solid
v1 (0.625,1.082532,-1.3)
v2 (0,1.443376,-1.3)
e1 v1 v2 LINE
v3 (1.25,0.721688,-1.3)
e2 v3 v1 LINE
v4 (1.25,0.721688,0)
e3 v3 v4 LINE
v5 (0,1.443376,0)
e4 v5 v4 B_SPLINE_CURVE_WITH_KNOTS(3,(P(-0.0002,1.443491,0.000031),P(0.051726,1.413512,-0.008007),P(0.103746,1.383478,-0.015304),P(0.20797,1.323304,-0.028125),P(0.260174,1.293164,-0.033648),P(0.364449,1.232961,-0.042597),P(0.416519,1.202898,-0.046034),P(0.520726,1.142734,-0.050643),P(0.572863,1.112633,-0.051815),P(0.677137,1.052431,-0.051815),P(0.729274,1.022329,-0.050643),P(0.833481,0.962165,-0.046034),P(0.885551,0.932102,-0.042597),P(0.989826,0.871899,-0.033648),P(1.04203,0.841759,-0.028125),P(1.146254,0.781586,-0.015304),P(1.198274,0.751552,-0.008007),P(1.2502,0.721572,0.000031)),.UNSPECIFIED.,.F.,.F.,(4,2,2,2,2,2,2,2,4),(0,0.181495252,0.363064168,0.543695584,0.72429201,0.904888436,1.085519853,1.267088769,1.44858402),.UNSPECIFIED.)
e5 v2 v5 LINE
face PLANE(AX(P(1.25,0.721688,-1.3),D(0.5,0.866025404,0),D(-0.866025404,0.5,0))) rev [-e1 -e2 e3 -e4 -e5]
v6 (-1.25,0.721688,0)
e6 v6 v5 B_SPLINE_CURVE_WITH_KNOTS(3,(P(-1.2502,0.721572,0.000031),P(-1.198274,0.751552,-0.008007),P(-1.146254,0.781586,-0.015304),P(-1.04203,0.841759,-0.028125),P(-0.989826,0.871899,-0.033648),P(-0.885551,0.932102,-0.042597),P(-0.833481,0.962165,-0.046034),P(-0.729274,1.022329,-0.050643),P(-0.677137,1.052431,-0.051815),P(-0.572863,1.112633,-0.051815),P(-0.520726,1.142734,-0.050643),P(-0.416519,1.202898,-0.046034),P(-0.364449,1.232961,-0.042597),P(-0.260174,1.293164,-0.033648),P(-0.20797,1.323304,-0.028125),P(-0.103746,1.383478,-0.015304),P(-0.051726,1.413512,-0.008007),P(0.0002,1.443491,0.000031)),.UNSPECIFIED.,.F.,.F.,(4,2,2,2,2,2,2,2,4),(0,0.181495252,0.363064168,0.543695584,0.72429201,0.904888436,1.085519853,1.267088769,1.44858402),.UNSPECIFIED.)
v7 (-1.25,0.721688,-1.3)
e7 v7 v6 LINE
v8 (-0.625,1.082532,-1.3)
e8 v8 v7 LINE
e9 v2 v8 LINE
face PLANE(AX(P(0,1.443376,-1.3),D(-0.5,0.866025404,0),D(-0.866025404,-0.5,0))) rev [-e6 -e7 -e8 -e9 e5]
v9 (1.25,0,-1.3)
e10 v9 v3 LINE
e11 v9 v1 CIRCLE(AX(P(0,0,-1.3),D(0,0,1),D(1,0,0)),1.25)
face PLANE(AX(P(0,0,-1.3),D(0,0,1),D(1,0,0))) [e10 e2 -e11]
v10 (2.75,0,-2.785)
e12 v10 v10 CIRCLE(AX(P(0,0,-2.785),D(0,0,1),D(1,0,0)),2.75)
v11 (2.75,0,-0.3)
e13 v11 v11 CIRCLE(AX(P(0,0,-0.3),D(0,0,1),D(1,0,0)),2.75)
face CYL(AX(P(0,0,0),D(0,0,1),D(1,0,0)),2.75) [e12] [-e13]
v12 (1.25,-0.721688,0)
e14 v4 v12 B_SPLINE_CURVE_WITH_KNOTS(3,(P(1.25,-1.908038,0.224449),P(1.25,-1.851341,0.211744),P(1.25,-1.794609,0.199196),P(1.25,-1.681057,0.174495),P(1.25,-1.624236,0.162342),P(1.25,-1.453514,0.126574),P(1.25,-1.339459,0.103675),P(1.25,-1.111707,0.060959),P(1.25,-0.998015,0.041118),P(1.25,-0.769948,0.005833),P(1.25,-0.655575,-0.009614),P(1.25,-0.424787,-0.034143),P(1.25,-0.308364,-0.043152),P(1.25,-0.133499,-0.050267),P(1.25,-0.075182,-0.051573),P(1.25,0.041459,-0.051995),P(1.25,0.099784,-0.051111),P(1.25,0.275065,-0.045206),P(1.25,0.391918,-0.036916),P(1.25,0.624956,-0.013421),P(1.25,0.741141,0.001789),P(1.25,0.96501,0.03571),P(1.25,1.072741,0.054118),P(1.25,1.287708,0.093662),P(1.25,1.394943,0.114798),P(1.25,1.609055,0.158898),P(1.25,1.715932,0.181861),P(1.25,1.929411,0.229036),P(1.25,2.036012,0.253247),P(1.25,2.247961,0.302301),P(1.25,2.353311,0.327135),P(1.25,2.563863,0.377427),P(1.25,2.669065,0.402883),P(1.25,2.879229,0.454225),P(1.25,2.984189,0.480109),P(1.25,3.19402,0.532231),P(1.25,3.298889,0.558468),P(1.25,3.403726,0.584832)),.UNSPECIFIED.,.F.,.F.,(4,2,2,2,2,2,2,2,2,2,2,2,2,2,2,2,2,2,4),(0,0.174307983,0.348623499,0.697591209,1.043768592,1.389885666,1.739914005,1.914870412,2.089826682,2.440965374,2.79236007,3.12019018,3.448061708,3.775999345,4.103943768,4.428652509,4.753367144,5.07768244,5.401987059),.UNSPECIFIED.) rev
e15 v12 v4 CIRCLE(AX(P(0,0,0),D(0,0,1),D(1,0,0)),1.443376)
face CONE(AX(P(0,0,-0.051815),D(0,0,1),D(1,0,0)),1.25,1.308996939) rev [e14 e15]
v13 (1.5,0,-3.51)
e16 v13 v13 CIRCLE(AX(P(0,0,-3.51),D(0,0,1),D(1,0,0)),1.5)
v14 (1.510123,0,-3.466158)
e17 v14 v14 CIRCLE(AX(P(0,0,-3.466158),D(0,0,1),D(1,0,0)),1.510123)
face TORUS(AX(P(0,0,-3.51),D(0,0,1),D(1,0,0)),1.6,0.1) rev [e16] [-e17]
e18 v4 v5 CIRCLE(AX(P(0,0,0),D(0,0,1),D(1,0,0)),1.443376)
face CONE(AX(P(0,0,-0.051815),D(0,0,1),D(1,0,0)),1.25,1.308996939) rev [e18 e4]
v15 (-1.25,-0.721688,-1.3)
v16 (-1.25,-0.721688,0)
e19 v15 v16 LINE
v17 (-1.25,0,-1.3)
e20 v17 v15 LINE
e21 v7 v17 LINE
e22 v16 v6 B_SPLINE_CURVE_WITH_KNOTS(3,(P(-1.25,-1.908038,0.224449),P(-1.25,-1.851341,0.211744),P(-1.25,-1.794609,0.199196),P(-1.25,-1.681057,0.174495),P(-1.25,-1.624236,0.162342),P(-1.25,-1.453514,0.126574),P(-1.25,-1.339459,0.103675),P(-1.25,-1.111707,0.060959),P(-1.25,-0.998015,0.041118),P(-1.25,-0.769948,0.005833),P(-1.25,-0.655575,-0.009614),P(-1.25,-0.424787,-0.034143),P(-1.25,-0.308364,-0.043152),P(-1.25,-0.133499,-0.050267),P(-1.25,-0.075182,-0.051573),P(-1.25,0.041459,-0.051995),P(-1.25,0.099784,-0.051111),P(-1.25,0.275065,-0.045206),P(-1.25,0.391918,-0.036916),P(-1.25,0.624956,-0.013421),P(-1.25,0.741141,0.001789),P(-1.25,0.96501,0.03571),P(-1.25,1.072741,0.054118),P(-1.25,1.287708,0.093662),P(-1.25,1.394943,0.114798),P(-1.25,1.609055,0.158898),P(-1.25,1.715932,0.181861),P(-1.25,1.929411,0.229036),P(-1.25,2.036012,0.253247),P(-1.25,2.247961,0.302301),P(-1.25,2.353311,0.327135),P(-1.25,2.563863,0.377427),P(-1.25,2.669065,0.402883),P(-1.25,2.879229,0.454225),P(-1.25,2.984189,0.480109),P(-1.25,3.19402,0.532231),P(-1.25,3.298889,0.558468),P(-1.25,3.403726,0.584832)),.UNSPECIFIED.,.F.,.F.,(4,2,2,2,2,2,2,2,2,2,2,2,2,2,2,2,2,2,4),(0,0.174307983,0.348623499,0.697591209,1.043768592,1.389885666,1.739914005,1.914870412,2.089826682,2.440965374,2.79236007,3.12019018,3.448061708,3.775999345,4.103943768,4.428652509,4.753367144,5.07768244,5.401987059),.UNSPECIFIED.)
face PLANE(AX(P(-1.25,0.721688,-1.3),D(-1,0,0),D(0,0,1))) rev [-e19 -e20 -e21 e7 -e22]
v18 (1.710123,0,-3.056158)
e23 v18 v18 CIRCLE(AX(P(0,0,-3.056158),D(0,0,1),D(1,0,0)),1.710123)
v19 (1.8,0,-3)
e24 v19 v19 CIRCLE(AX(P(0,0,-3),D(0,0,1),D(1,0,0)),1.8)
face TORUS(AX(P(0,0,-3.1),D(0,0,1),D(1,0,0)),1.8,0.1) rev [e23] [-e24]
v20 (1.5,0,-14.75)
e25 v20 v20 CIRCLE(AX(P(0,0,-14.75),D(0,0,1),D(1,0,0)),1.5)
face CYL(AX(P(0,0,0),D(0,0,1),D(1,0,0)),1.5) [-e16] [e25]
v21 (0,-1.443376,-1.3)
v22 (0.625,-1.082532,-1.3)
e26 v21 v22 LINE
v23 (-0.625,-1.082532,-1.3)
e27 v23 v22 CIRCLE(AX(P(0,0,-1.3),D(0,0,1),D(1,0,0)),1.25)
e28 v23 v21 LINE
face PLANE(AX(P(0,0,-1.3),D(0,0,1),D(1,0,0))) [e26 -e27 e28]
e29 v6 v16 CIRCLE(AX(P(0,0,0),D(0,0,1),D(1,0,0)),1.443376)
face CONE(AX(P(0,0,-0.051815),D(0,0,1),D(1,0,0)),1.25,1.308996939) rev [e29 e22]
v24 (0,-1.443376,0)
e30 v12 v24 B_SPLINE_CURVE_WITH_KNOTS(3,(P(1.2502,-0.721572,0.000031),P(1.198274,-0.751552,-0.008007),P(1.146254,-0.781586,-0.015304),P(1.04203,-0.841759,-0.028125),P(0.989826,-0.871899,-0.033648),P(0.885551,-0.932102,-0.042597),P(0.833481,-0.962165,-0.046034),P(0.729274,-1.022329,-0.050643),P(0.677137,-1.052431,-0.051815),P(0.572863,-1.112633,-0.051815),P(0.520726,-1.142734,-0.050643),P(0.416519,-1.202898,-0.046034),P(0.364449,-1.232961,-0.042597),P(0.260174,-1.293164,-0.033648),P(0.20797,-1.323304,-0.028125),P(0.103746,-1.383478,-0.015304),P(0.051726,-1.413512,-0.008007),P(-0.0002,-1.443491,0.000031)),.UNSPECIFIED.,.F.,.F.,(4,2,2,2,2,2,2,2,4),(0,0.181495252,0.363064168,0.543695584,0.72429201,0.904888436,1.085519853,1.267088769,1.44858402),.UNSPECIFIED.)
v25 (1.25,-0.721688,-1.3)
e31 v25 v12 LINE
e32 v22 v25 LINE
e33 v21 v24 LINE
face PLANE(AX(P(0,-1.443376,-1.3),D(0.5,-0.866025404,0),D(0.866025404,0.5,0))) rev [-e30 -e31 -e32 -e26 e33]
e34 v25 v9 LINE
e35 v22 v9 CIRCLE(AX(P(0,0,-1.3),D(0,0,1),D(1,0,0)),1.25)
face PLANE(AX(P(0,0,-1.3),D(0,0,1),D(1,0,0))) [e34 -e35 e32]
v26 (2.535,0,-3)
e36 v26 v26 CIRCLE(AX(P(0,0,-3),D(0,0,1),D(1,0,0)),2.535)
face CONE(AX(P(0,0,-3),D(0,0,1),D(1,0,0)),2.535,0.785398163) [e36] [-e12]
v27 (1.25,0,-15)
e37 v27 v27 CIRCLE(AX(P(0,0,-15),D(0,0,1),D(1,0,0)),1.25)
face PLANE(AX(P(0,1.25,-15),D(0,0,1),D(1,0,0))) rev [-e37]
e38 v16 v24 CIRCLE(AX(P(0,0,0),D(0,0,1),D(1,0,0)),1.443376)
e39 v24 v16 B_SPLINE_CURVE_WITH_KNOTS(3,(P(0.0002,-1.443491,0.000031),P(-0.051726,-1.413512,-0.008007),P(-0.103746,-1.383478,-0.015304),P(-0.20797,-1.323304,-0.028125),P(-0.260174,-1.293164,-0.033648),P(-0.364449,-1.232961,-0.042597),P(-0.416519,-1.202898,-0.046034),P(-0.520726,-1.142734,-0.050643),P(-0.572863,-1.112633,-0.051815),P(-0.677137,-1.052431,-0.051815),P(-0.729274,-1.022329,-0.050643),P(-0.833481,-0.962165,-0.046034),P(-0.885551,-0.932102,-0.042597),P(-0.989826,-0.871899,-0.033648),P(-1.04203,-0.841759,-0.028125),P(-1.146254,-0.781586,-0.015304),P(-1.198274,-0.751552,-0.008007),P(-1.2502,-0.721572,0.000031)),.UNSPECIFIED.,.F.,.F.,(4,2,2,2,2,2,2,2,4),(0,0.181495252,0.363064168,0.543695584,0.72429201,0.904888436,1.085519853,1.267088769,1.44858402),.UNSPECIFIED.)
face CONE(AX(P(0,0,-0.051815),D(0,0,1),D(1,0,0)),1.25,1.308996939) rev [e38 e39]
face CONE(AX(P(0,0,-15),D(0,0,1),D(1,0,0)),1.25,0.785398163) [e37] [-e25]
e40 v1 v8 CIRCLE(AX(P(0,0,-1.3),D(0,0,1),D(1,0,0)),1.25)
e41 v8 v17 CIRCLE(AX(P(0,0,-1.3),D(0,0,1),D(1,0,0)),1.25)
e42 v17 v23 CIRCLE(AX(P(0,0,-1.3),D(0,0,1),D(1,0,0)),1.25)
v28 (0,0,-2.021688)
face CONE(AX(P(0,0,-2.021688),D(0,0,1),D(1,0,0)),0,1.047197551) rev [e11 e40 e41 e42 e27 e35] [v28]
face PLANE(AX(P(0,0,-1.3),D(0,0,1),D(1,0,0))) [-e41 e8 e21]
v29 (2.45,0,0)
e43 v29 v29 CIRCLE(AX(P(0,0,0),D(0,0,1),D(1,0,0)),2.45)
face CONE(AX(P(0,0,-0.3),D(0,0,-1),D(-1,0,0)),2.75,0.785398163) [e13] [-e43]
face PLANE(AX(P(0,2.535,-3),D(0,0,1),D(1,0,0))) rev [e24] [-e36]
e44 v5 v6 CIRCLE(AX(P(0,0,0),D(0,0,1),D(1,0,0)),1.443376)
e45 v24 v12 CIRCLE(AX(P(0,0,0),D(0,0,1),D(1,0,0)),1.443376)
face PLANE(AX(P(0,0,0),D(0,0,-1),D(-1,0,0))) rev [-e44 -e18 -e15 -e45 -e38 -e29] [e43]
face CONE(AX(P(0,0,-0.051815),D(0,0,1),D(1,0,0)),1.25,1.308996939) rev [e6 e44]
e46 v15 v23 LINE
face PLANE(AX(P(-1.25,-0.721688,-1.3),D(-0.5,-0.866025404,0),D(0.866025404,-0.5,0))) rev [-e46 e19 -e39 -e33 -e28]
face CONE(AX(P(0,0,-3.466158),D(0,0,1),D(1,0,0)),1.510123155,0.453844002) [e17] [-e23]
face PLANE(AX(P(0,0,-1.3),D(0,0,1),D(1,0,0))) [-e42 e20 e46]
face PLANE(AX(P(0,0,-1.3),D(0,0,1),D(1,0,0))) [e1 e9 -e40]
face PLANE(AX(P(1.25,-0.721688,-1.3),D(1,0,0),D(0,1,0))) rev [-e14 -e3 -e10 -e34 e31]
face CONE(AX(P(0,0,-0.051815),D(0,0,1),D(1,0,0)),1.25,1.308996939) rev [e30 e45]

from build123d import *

# Parameters (mm, degrees)
CUT_EXTRUDE1_DEPTH = 1.3


with BuildPart() as part:
    # Sketch1 → Revolve1 (revolve)
    with BuildSketch(Plane(origin=(0, 0, 0), x_dir=(0, 0, -1), z_dir=(1, 0, 0))):
        with BuildLine():
            Line((0, 0), (0, 2.45))
            Line((0, 2.45), (0.3, 2.75))
            Line((0.3, 2.75), (2.785, 2.75))
            Line((2.785, 2.75), (3, 2.535))
            Line((3, 2.535), (3, 1.8))
            ThreePointArc((3, 1.8), (3.015193643, 1.74701055), (3.056157637, 1.710123155))
            Line((3.056157637, 1.710123155), (3.466157637, 1.510123155))
            ThreePointArc((3.466157637, 1.510123155), (3.48750205, 1.50256365), (3.51, 1.5))
            Line((3.51, 1.5), (14.75, 1.5))
            Line((14.75, 1.5), (15, 1.25))
            Line((15, 1.25), (15, 0))
            Line((15, 0), (0, 0))
        make_face()
    revolve(axis=Axis((0, 0, 0), (0, 0, -1)))

    # Sketch2 → Cut-Extrude1 (cut)
    with BuildSketch(Plane.XY):
        Polygon((0, 1.443375673), (-1.25, 0.721687836), (-1.25, -0.721687836), (0, -1.443375673), (1.25, -0.721687836), (1.25, 0.721687836), align=None)
    extrude(amount=-CUT_EXTRUDE1_DEPTH, mode=Mode.SUBTRACT)

    # Sketch3 → Cut-Revolve2 (revolve, cut)
    with BuildSketch(Plane(origin=(0, 0, 0), x_dir=(0, 0, -1), z_dir=(1, 0, 0))):
        Polygon((1.3, 0), (1.3, 1.25), (2.021687836, 0), align=None)
    revolve(axis=Axis((0, 0, -1.3), (0, 0, -1)), mode=Mode.SUBTRACT)

    # Sketch4 → Cut-Revolve3 (revolve, cut)
    with BuildSketch(Plane(origin=(0, 0, 0), x_dir=(0, 0, -1), z_dir=(1, 0, 0))):
        Polygon((0, 1.443375673), (0, 1.25), (0.051814855, 1.25), align=None)
    revolve(axis=Axis((0, 0, 0), (0, 0, -1)), mode=Mode.SUBTRACT)


solid = part.part
